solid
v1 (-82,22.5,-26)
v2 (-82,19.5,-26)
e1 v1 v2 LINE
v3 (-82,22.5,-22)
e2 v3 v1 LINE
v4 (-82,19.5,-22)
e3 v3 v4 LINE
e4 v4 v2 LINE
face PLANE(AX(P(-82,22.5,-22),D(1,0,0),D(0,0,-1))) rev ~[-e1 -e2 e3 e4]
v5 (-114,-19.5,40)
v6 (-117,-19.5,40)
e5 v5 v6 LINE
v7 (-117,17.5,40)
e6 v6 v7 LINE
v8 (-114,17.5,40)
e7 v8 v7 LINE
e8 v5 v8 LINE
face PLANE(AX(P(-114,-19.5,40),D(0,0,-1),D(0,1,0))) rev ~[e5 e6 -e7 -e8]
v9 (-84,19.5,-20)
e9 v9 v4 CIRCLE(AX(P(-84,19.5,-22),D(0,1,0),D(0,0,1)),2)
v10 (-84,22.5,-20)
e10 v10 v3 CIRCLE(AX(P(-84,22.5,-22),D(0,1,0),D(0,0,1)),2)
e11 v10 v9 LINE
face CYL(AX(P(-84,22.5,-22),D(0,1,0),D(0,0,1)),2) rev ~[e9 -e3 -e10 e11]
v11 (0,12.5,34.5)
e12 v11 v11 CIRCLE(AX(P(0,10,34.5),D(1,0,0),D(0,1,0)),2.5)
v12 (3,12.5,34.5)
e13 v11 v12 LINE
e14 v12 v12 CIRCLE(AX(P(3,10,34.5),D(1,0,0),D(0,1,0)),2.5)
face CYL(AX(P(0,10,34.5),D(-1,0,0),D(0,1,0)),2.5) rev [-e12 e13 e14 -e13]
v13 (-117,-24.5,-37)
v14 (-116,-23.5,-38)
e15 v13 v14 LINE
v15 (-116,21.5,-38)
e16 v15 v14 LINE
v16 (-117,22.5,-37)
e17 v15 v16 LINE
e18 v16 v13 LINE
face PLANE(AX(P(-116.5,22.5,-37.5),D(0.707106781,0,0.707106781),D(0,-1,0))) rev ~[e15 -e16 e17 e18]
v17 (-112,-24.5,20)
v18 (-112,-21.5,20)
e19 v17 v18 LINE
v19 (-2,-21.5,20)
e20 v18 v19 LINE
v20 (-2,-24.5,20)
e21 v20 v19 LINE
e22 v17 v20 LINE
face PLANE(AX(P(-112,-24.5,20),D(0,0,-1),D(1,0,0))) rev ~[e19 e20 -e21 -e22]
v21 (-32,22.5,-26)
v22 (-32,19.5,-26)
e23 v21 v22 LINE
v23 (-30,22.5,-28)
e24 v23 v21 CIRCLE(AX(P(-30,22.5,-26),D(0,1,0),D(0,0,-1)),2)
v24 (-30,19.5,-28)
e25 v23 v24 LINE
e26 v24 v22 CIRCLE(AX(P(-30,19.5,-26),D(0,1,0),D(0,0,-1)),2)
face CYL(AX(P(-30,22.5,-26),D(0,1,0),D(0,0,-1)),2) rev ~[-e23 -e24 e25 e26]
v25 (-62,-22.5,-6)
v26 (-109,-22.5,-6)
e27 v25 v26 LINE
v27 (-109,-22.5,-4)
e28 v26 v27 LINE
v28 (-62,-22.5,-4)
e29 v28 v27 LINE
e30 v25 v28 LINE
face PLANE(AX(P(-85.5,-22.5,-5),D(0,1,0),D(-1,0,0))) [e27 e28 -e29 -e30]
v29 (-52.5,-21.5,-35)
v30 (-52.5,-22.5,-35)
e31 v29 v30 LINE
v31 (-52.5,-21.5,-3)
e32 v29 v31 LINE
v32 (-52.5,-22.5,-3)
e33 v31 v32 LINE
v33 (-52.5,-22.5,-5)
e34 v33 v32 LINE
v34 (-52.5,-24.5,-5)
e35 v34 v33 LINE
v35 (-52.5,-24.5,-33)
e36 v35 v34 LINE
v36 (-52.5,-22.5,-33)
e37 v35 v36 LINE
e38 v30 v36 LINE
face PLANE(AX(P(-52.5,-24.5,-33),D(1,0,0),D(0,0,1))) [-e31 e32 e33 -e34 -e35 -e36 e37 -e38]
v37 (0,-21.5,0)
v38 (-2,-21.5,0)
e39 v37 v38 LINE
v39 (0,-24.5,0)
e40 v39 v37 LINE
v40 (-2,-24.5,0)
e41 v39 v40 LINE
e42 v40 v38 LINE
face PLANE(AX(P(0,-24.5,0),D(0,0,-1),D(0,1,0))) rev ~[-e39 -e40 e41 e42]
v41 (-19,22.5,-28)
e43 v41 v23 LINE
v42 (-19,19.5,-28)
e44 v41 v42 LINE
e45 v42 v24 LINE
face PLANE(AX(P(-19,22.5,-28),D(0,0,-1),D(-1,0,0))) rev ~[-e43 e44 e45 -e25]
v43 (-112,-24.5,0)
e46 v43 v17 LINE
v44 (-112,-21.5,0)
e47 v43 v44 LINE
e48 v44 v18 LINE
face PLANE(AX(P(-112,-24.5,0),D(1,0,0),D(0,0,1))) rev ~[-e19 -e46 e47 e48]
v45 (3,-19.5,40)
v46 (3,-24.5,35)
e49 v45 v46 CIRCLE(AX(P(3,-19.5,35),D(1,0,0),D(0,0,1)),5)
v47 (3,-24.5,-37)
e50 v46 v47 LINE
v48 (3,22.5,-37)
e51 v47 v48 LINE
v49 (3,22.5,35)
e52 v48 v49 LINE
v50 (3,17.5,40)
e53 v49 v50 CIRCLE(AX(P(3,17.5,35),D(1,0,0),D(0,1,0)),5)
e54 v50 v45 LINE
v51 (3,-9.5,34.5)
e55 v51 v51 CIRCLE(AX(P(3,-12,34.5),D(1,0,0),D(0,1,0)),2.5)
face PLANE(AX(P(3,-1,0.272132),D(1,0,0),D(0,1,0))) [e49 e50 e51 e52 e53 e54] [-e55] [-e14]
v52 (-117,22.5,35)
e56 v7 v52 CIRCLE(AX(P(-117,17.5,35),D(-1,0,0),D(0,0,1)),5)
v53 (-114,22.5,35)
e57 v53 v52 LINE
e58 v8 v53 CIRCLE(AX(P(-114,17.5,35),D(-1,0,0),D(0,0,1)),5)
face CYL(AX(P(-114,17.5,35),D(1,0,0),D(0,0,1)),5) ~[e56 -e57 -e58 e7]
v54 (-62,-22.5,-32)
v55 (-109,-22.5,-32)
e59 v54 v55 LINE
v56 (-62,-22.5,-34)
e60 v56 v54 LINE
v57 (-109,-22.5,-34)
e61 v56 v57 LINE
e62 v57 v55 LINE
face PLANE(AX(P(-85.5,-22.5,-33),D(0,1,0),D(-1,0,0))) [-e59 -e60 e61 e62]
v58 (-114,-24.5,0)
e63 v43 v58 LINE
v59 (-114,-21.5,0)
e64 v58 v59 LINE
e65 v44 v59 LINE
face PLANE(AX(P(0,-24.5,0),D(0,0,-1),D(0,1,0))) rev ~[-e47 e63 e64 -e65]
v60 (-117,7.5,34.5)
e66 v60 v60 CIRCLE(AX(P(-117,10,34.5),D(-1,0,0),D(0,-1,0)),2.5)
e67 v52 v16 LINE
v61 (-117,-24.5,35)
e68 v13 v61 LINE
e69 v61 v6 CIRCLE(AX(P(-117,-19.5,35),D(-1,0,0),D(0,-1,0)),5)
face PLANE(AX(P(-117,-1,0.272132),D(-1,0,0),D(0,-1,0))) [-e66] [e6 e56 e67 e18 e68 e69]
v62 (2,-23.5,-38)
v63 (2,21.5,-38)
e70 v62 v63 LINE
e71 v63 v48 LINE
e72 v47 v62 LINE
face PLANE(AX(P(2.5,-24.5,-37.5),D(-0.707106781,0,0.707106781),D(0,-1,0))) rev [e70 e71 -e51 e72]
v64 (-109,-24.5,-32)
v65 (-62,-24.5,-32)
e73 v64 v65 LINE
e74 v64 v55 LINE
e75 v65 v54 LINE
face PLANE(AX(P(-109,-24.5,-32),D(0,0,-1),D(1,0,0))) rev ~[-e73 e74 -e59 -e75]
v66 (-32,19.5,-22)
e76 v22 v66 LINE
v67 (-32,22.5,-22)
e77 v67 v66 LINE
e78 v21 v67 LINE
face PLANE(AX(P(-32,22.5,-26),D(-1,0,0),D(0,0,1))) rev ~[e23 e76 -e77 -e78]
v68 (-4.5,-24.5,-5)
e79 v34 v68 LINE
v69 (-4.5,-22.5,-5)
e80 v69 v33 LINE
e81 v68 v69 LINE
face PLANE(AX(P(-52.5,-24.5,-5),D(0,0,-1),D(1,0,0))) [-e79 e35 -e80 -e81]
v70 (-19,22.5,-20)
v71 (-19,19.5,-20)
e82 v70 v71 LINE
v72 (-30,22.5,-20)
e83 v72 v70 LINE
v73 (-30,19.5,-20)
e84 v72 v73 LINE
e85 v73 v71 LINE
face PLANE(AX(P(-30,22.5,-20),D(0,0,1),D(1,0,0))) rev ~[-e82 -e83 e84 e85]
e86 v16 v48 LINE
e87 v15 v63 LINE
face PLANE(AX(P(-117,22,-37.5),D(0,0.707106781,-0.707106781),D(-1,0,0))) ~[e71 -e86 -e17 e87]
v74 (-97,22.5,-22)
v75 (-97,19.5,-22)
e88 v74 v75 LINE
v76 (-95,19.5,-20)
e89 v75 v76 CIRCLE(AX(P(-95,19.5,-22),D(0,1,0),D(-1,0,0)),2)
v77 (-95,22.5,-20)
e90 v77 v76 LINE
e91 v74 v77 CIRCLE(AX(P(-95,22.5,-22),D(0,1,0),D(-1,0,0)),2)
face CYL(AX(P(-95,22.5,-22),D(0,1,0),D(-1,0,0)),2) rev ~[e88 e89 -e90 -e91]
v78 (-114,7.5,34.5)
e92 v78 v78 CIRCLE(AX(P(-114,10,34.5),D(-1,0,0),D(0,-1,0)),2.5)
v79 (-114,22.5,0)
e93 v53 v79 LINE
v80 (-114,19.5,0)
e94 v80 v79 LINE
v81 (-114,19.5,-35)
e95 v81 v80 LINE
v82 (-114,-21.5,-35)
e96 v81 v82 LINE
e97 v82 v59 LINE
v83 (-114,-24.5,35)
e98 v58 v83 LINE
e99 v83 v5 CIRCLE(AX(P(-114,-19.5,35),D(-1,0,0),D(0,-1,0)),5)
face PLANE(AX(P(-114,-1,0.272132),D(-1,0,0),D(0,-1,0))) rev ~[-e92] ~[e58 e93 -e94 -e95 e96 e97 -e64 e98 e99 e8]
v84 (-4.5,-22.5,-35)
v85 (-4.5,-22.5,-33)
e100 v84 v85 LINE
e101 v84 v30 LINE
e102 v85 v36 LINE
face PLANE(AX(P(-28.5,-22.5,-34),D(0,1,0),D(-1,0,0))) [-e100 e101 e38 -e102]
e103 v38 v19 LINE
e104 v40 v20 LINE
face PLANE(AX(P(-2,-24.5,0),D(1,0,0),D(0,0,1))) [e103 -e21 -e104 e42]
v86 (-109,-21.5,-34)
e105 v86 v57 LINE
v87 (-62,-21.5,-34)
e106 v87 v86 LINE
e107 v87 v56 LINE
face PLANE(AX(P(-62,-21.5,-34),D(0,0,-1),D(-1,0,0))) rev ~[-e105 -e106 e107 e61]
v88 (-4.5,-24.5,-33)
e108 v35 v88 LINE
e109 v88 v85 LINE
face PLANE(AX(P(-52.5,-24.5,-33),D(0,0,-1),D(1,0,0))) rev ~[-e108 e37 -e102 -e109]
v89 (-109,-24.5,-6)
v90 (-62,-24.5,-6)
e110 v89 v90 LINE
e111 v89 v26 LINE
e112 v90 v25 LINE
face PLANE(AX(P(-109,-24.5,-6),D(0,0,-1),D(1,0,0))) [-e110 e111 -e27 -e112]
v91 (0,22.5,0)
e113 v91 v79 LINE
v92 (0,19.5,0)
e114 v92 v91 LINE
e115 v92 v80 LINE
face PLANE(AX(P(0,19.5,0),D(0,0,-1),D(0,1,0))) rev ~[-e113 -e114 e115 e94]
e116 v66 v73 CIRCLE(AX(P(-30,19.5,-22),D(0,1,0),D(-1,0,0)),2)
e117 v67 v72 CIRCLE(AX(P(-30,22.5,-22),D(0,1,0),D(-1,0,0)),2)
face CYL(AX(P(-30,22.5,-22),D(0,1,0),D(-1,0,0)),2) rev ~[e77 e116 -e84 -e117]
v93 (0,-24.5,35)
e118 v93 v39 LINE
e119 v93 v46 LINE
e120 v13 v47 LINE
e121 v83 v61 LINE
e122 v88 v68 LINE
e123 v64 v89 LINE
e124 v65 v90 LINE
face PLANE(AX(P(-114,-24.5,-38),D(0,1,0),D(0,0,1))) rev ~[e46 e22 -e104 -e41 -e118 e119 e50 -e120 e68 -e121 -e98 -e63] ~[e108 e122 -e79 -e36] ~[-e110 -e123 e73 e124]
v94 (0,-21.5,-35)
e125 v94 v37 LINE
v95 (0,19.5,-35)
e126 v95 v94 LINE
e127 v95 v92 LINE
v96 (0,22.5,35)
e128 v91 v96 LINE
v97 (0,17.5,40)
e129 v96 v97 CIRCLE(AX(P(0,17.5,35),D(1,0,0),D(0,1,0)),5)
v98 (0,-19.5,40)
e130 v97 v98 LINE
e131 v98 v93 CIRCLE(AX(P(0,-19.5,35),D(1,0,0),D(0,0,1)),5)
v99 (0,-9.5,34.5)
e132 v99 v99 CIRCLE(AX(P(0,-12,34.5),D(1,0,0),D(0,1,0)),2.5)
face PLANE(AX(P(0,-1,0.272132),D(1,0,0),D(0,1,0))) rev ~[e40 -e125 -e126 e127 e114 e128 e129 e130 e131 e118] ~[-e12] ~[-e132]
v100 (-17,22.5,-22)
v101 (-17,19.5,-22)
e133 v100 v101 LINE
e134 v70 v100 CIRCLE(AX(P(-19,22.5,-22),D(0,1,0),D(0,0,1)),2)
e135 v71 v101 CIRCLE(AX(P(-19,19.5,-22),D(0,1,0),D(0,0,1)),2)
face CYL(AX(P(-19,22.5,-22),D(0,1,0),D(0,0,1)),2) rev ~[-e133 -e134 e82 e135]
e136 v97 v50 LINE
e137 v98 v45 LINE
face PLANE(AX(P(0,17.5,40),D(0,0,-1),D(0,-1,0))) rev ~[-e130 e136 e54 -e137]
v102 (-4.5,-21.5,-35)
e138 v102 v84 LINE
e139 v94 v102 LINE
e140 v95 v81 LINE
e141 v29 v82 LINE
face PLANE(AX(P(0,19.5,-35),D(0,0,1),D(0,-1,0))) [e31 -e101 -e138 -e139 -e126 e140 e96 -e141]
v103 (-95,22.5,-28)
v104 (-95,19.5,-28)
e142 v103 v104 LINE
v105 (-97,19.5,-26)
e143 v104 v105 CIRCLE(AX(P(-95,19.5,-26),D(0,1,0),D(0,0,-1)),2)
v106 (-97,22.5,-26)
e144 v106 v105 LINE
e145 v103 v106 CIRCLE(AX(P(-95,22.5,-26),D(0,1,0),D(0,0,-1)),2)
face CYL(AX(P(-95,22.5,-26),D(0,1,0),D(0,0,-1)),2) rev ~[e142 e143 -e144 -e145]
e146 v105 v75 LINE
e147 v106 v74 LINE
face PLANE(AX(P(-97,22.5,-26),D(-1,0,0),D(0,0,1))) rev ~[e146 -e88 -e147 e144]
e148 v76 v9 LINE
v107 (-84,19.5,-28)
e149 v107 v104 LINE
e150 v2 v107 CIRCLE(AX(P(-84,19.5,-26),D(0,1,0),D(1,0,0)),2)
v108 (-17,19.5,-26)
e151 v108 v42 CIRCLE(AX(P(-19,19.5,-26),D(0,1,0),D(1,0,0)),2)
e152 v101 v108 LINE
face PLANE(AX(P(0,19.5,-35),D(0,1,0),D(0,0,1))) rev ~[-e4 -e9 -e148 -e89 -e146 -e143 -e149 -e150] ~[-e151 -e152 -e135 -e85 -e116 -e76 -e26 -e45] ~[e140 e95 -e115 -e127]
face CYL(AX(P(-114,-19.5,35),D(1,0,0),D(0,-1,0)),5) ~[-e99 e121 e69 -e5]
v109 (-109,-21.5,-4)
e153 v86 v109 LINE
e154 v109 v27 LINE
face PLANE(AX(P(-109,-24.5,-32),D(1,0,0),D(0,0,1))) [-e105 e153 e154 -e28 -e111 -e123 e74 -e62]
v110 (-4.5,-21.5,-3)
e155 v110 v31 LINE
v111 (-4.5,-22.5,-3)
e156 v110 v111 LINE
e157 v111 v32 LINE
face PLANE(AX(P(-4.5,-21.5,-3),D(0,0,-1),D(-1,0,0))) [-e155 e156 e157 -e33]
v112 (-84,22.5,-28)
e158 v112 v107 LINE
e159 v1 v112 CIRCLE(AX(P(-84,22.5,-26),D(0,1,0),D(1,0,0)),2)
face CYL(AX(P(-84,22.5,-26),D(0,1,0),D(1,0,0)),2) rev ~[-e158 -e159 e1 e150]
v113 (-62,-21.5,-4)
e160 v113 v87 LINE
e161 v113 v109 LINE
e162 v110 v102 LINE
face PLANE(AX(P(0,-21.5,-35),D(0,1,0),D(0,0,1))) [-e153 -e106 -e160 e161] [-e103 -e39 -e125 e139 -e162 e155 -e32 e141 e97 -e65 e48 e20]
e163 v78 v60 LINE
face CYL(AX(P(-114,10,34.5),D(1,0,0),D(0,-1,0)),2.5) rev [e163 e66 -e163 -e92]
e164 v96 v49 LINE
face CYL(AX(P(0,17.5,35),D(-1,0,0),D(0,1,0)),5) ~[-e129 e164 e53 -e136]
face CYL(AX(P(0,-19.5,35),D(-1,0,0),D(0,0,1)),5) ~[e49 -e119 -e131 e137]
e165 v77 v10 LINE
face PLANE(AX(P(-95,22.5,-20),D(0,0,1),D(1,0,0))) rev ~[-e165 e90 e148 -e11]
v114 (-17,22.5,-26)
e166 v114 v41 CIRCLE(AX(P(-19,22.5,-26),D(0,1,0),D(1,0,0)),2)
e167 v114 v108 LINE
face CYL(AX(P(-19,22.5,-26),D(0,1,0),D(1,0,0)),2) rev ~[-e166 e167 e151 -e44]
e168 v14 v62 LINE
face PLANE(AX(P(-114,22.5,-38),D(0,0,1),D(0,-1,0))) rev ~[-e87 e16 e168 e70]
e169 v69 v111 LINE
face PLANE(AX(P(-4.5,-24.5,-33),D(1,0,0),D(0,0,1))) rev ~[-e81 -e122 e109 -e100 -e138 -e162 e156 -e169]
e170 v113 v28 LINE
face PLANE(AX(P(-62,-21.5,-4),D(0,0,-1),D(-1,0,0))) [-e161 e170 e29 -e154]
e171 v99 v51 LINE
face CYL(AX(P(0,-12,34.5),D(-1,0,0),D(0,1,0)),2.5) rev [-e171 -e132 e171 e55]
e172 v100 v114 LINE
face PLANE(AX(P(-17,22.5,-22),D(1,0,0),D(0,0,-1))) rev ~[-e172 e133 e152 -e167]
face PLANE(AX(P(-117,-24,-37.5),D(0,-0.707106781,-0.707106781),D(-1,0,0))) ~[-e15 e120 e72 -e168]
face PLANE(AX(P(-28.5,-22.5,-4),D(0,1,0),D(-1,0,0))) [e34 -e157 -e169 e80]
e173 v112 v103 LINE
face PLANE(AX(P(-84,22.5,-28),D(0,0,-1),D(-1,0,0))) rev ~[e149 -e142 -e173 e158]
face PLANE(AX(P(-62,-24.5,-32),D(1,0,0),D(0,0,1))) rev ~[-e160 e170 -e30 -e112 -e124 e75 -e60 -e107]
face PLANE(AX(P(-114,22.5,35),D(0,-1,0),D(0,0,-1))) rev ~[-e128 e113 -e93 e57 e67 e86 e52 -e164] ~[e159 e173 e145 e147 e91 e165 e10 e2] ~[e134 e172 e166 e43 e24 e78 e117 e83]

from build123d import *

# Parameters (mm, degrees)
F2_R      = 2.5
F3_DEPTH  = 3
F4_W      = 3
F4_H      = 3
F4_W_2    = 41
F4_H_2    = 35
F5_DEPTH  = 114
F6_R      = 2.5
F7_DEPTH  = 3
F8_W      = 110
F8_H      = 20
F9_DEPTH  = 3
F10_W     = 47
F10_H     = 26
F10_W_2   = 48
F10_H_2   = 28
F11_DEPTH = 3
F13_DEPTH = 3
F14_SIZE  = 1
F16_W     = 48
F16_H     = 2
F16_W_2   = 47
F17_DEPTH = 1


with BuildPart() as f3:
    # F2 (on Right) → F3 (new body)
    with BuildSketch(Plane.YZ):
        with BuildLine():
            ThreePointArc((22.5, 35), (21.0355339059, 38.5355339059), (17.5, 40))
            Line((17.5, 40), (-19.5, 40))
            ThreePointArc((-19.5, 40), (-23.0355339059, 38.5355339059), (-24.5, 35))
            Line((-24.5, 35), (-24.5, -38))
            Line((-24.5, -38), (22.5, -38))
            Line((22.5, -38), (22.5, 35))
        make_face()
        with Locations((-12, 34.5)):
            Circle(F2_R, mode=Mode.SUBTRACT)
        with Locations((10, 34.5)):
            Circle(F2_R, mode=Mode.SUBTRACT)
    extrude(amount=F3_DEPTH)

    # F4 (on Right) → F5 (join)
    with BuildSketch(Plane.YZ):
        with Locations((21, -36.5)):
            Rectangle(F4_W, F4_H)
        with Locations((-1, -36.5)):
            Rectangle(F4_W_2, F4_H)
        with Locations((21, -17.5)):
            Rectangle(F4_W, F4_H_2)
        with Locations((-23, -36.5)):
            Rectangle(F4_W, F4_H)
        with Locations((-23, -17.5)):
            Rectangle(F4_W, F4_H_2)
    extrude(amount=-F5_DEPTH)

    # F6 (on face) → F7 (join)
    with BuildSketch(Plane(origin=(-114, 0, 0), x_dir=(0, -1, 0), z_dir=(-1, 0, 0))):
        with BuildLine():
            ThreePointArc((24.5, 35), (23.0355339059, 38.5355339059), (19.5, 40))
            Line((19.5, 40), (-17.5, 40))
            ThreePointArc((-17.5, 40), (-21.0355339059, 38.5355339059), (-22.5, 35))
            Line((-22.5, 35), (-22.5, -38))
            Line((-22.5, -38), (24.5, -38))
            Line((24.5, -38), (24.5, 35))
        make_face()
        with Locations((-10, 34.5)):
            Circle(F6_R, mode=Mode.SUBTRACT)
    extrude(amount=F7_DEPTH)

    # F8 (on face) → F9 (join)
    with BuildSketch(Plane.XZ.offset(24.5)):
        with Locations((-57, 10)):
            Rectangle(F8_W, F8_H)
    extrude(amount=-F9_DEPTH)

    # F10 (on face) → F11 (cut, through all)
    with BuildSketch(Plane.XZ.offset(24.5)):
        with Locations((-85.5, -19)):
            Rectangle(F10_W, F10_H)
        with Locations((-28.5, -19)):
            Rectangle(F10_W_2, F10_H_2)
    extrude(amount=-F11_DEPTH, mode=Mode.SUBTRACT)

    # F12 (on face) → F13 (cut, through all)
    with BuildSketch(Plane(origin=(0, 22.5, 0), x_dir=(-1, 0, 0), z_dir=(0, 1, 0))):
        with BuildLine():
            ThreePointArc((82, -26), (82.5857864376, -27.4142135624), (84, -28))
            Line((84, -28), (95, -28))
            ThreePointArc((95, -28), (96.4142135624, -27.4142135624), (97, -26))
            Line((97, -26), (97, -22))
            ThreePointArc((97, -22), (96.4142135624, -20.5857864376), (95, -20))
            Line((95, -20), (84, -20))
            ThreePointArc((84, -20), (82.5857864376, -20.5857864376), (82, -22))
            Line((82, -22), (82, -26))
        make_face()
        with BuildLine():
            ThreePointArc((17, -26), (17.5857864376, -27.4142135624), (19, -28))
            Line((19, -28), (30, -28))
            ThreePointArc((30, -28), (31.4142135624, -27.4142135624), (32, -26))
            Line((32, -26), (32, -22))
            ThreePointArc((32, -22), (31.4142135624, -20.5857864376), (30, -20))
            Line((30, -20), (19, -20))
            ThreePointArc((19, -20), (17.5857864376, -20.5857864376), (17, -22))
            Line((17, -22), (17, -26))
        make_face()
    extrude(amount=-F13_DEPTH, mode=Mode.SUBTRACT)

    # F14
    f14_edges = [f3.edges().sort_by_distance(p)[0] for p in [
        (-57, -24.5, -38),
        (3, -1, -38),
        (-57, 22.5, -38),
        (-117, -1, -38),
    ]]
    chamfer(f14_edges, length=F14_SIZE)

    # F16 (on face) → F17 (cut)
    with BuildSketch(Plane(origin=(0, -21.5, 0), x_dir=(-1, 0, 0), z_dir=(0, 1, 0))):
        with Locations((28.5, -34)):
            Rectangle(F16_W, F16_H)
        with Locations((85.5, -33)):
            Rectangle(F16_W_2, F16_H)
        with Locations((85.5, -5)):
            Rectangle(F16_W_2, F16_H)
        with Locations((28.5, -4)):
            Rectangle(F16_W, F16_H)
    extrude(amount=-F17_DEPTH, mode=Mode.SUBTRACT)


solid = f3.part
